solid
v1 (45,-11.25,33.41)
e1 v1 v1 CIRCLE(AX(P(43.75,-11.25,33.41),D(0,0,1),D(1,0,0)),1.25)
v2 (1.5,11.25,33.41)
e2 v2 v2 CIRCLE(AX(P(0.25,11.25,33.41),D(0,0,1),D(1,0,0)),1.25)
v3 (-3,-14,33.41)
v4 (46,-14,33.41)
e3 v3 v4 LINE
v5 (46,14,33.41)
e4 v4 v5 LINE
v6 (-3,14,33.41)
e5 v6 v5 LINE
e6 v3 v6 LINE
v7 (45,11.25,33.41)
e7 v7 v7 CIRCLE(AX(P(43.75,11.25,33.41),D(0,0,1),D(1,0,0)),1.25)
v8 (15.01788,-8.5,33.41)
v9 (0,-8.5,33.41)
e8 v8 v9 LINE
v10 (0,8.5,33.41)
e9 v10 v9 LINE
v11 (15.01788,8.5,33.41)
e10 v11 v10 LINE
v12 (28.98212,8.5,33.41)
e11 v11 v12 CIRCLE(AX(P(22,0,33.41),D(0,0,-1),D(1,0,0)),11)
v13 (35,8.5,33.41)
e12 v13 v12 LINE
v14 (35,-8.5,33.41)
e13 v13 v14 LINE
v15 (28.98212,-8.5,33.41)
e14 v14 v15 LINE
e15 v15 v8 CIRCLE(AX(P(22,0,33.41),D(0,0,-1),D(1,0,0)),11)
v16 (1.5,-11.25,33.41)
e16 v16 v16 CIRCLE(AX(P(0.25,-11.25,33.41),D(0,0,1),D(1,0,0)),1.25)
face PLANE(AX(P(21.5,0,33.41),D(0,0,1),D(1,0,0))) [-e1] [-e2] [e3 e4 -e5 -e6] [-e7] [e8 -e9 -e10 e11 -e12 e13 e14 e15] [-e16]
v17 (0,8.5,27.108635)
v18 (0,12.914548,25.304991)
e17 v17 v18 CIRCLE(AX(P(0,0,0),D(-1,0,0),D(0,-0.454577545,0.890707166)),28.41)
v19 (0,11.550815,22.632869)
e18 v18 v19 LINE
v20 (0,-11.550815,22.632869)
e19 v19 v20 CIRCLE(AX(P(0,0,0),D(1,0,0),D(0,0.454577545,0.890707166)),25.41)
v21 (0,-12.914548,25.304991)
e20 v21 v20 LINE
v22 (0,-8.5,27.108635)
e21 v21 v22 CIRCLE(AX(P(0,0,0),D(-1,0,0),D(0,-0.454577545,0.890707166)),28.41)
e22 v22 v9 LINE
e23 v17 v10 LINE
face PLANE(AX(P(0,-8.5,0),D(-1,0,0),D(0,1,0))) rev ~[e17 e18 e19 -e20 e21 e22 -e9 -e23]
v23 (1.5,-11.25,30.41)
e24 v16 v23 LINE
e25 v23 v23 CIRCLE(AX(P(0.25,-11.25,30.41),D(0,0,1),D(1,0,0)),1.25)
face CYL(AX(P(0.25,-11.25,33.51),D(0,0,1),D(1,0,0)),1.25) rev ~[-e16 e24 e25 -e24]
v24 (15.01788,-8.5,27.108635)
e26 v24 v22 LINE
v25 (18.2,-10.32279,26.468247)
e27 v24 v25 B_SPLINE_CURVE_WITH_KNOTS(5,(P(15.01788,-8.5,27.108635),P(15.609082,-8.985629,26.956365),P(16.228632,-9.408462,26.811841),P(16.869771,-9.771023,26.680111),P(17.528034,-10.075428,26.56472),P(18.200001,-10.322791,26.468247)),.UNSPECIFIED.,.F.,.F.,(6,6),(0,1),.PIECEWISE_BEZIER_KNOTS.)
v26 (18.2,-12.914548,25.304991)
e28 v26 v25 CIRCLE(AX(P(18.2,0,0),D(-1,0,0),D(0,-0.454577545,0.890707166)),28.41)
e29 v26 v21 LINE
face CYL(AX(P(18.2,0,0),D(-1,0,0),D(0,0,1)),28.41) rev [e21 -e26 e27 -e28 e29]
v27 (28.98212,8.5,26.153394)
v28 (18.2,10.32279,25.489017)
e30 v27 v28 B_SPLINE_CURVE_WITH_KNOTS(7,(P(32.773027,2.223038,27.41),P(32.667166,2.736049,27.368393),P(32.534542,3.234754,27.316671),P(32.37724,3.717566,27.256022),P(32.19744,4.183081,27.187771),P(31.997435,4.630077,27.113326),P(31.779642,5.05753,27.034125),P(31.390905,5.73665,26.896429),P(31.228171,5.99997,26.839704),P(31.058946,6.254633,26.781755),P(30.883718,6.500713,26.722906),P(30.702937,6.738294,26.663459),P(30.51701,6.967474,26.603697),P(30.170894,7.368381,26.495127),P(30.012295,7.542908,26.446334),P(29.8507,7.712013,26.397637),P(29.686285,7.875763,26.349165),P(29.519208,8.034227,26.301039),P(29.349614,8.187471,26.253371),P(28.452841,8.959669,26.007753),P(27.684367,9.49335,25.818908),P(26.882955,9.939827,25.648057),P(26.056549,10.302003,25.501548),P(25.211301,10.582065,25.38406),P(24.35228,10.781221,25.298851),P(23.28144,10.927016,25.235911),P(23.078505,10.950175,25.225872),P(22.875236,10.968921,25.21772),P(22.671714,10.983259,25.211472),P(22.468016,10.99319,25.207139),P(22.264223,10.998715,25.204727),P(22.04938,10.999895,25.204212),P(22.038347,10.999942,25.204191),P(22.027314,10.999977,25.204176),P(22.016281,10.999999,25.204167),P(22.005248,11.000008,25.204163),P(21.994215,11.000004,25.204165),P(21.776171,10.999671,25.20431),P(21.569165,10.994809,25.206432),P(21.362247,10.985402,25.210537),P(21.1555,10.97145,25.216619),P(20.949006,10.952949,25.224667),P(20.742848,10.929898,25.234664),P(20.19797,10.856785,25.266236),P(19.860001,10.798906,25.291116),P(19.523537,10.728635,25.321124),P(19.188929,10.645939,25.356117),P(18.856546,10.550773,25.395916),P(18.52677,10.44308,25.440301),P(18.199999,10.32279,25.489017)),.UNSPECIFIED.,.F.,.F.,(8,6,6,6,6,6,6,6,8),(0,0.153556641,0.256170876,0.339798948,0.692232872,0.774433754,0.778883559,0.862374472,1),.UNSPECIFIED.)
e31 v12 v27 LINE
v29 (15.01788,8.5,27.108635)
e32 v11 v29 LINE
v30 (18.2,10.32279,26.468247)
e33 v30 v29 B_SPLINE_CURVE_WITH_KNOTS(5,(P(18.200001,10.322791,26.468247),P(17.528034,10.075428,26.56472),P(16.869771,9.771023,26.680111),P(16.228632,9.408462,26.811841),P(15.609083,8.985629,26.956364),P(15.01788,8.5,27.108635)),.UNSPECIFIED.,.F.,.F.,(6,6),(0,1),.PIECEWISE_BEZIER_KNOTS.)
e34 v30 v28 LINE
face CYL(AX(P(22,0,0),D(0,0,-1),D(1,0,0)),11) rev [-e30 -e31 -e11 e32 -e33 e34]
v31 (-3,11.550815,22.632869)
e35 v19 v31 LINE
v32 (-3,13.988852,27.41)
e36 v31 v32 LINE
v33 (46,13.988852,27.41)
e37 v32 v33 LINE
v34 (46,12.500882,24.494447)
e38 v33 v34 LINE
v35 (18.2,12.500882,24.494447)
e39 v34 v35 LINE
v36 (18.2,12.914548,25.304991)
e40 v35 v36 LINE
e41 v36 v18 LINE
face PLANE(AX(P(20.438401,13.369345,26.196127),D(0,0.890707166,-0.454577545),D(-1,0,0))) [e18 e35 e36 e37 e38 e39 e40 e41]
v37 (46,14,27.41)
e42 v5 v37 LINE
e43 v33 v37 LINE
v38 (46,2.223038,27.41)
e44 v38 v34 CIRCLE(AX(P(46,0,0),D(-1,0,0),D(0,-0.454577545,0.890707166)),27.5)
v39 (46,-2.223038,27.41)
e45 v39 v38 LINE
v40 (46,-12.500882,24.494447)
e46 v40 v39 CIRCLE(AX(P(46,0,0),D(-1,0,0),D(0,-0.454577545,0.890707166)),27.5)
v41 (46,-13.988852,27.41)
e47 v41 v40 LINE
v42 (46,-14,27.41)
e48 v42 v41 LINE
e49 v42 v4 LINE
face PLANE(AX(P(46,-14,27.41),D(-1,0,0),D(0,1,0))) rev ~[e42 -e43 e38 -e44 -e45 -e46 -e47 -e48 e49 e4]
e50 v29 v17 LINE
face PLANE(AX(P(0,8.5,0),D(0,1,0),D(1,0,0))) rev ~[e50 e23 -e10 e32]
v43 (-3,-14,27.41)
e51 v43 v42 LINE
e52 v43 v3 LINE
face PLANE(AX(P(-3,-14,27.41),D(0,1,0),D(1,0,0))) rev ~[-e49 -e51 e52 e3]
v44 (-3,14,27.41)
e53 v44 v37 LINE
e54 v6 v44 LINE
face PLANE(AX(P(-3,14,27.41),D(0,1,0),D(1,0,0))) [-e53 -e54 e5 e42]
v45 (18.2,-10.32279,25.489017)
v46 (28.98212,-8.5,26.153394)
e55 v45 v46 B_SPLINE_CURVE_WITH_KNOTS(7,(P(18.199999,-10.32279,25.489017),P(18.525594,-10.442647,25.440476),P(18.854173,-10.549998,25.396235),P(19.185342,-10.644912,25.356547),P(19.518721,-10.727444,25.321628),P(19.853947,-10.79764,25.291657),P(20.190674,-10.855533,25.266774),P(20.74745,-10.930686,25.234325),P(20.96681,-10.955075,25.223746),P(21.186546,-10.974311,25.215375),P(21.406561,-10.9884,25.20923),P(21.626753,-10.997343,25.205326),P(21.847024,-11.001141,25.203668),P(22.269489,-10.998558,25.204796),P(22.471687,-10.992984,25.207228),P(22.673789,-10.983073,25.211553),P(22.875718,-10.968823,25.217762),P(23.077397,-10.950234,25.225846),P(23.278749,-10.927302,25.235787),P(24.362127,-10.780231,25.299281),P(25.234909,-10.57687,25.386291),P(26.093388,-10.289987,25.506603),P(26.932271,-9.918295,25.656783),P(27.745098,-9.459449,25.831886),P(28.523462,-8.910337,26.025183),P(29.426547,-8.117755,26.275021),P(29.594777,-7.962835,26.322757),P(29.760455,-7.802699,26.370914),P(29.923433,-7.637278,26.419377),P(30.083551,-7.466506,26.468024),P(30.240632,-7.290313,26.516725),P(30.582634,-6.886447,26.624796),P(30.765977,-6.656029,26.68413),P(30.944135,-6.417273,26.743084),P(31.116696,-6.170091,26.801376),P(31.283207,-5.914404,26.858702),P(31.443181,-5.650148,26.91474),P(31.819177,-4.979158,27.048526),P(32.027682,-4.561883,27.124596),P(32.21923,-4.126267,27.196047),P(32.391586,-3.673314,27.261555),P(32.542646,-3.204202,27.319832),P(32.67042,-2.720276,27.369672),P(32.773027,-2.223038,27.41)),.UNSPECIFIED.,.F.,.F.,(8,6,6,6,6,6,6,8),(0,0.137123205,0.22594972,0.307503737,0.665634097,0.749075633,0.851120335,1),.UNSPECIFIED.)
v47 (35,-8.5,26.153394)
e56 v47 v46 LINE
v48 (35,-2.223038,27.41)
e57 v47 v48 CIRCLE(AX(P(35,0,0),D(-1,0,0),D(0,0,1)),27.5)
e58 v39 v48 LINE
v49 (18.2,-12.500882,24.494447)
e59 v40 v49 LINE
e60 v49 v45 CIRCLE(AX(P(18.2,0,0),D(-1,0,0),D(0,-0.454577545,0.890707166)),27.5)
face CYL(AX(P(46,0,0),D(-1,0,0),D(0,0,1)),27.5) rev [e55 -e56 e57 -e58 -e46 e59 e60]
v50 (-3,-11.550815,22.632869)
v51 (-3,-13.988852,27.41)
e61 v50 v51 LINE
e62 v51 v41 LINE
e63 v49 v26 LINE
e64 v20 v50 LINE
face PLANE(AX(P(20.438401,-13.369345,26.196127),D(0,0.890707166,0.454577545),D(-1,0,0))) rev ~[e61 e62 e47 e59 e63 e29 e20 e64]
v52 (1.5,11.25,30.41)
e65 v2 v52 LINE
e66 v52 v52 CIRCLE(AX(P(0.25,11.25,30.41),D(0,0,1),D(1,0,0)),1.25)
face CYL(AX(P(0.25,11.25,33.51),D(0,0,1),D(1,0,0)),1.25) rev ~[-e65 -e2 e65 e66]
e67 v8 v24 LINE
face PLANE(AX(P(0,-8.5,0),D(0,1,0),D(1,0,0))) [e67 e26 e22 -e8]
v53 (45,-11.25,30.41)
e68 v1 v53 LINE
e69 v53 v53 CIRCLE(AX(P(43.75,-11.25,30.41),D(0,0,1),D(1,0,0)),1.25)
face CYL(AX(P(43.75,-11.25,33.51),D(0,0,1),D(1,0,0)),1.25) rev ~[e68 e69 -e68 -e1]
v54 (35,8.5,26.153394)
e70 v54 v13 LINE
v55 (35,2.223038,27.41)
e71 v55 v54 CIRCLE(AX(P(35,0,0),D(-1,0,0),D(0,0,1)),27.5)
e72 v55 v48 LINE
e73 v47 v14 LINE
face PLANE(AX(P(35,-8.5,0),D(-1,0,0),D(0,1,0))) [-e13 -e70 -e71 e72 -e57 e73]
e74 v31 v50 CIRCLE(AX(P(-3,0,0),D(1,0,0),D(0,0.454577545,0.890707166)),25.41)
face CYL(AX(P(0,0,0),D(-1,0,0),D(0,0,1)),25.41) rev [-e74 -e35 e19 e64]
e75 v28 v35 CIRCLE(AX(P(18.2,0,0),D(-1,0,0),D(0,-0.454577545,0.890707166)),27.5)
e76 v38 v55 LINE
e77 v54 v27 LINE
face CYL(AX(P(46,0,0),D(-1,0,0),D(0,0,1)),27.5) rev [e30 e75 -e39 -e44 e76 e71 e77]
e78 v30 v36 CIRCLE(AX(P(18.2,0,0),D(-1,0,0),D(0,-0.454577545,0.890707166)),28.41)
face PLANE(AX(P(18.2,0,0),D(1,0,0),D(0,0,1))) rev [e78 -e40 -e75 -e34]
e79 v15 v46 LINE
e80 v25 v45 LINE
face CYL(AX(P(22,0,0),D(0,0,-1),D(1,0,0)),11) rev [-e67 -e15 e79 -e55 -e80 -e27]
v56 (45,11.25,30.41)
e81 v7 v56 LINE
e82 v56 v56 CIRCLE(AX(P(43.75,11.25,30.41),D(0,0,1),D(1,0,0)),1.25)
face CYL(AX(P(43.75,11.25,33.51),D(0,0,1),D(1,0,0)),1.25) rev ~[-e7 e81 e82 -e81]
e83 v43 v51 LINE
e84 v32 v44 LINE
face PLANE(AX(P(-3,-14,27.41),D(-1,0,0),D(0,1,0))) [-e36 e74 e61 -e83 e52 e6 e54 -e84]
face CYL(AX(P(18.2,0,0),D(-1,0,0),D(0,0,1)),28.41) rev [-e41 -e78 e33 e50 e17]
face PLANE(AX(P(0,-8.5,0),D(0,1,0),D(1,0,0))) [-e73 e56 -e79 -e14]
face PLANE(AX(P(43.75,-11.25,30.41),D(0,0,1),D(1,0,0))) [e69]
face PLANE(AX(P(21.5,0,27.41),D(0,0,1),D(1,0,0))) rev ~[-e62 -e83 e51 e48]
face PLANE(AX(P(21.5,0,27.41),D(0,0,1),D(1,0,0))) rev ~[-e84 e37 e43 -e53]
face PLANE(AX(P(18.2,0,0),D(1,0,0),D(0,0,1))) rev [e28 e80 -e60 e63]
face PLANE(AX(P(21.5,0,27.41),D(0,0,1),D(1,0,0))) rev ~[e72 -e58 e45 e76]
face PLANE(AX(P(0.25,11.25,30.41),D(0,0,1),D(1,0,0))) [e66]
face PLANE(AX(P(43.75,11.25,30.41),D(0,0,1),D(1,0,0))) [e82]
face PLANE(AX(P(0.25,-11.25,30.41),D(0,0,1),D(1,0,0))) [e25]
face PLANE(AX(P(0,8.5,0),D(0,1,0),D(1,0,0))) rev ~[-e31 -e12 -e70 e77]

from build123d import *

# Parameters (mm, degrees)
REVOLUTION_ANGLE     = -54.075512
SKETCH002_W          = 49
SKETCH002_H          = 28
PAD_DEPTH            = 6
SKETCH003_W          = 35
SKETCH003_H          = 17
POCKET001_DEPTH      = 0.001
POCKET001_DEPTH_BACK = 33.411
SKETCH004_R          = 1.25
POCKET_DEPTH         = 3.1
SKETCH001_W          = 59
SKETCH001_H          = 38
SKETCH001_W_2        = 49
SKETCH001_H_2        = 28
POCKET005_DEPTH      = 5.778131
SKETCH009_R          = 11
POCKET006_DEPTH      = 33.411


with BuildPart() as part:
    # Sketch → Revolution (revolve, symmetric)
    with BuildSketch(Plane.XZ) as revolution_sk:
        Polygon((-3, 31.41), (46, 31.41), (46, 27.5), (18.2, 27.5), (18.2, 28.41), (0, 28.41), (0, 25.41), (-3, 25.41), align=None)
    revolve(axis=Axis((0, 0, 0), (1, 0, 0)), revolution_arc=REVOLUTION_ANGLE / 2)
    revolve(revolution_sk.sketch, axis=Axis((0, 0, 0), (-1, 0, 0)), revolution_arc=REVOLUTION_ANGLE / 2)

    # Sketch002 → Pad (new body)
    with BuildSketch(Plane.XY.offset(27.41)):
        with Locations((21.5, 0)):
            Rectangle(SKETCH002_W, SKETCH002_H)
    extrude(amount=PAD_DEPTH)

    # Sketch003 → Pocket001 (cut, two sides)
    with BuildSketch(Plane.XY) as pocket001_sk:
        with Locations((17.5, 0)):
            Rectangle(SKETCH003_W, SKETCH003_H)
    extrude(amount=-POCKET001_DEPTH, mode=Mode.SUBTRACT)
    extrude(pocket001_sk.sketch, amount=POCKET001_DEPTH_BACK, mode=Mode.SUBTRACT)

    # Sketch004 → Pocket (cut)
    with BuildSketch(Plane.XY.offset(33.51)):
        with Locations((43.75, 11.25)):
            Circle(SKETCH004_R)
        with Locations((0.25, 11.25)):
            Circle(SKETCH004_R)
        with Locations((0.25, -11.25)):
            Circle(SKETCH004_R)
        with Locations((43.75, -11.25)):
            Circle(SKETCH004_R)
    extrude(amount=-POCKET_DEPTH, mode=Mode.SUBTRACT)

    # Sketch001 → Pocket005 (cut, through all)
    with BuildSketch(Plane.XY.offset(28.41)):
        with Locations((21.5, 0)):
            Rectangle(SKETCH001_W, SKETCH001_H)
        with Locations((21.5, 0)):
            Rectangle(SKETCH001_W_2, SKETCH001_H_2, mode=Mode.SUBTRACT)
    extrude(amount=-POCKET005_DEPTH, mode=Mode.SUBTRACT)

    # Sketch009 → Pocket006 (cut, through all)
    with BuildSketch(Plane.XY):
        with Locations((22, 0)):
            Circle(SKETCH009_R)
    extrude(amount=POCKET006_DEPTH, mode=Mode.SUBTRACT)


solid = part.part
